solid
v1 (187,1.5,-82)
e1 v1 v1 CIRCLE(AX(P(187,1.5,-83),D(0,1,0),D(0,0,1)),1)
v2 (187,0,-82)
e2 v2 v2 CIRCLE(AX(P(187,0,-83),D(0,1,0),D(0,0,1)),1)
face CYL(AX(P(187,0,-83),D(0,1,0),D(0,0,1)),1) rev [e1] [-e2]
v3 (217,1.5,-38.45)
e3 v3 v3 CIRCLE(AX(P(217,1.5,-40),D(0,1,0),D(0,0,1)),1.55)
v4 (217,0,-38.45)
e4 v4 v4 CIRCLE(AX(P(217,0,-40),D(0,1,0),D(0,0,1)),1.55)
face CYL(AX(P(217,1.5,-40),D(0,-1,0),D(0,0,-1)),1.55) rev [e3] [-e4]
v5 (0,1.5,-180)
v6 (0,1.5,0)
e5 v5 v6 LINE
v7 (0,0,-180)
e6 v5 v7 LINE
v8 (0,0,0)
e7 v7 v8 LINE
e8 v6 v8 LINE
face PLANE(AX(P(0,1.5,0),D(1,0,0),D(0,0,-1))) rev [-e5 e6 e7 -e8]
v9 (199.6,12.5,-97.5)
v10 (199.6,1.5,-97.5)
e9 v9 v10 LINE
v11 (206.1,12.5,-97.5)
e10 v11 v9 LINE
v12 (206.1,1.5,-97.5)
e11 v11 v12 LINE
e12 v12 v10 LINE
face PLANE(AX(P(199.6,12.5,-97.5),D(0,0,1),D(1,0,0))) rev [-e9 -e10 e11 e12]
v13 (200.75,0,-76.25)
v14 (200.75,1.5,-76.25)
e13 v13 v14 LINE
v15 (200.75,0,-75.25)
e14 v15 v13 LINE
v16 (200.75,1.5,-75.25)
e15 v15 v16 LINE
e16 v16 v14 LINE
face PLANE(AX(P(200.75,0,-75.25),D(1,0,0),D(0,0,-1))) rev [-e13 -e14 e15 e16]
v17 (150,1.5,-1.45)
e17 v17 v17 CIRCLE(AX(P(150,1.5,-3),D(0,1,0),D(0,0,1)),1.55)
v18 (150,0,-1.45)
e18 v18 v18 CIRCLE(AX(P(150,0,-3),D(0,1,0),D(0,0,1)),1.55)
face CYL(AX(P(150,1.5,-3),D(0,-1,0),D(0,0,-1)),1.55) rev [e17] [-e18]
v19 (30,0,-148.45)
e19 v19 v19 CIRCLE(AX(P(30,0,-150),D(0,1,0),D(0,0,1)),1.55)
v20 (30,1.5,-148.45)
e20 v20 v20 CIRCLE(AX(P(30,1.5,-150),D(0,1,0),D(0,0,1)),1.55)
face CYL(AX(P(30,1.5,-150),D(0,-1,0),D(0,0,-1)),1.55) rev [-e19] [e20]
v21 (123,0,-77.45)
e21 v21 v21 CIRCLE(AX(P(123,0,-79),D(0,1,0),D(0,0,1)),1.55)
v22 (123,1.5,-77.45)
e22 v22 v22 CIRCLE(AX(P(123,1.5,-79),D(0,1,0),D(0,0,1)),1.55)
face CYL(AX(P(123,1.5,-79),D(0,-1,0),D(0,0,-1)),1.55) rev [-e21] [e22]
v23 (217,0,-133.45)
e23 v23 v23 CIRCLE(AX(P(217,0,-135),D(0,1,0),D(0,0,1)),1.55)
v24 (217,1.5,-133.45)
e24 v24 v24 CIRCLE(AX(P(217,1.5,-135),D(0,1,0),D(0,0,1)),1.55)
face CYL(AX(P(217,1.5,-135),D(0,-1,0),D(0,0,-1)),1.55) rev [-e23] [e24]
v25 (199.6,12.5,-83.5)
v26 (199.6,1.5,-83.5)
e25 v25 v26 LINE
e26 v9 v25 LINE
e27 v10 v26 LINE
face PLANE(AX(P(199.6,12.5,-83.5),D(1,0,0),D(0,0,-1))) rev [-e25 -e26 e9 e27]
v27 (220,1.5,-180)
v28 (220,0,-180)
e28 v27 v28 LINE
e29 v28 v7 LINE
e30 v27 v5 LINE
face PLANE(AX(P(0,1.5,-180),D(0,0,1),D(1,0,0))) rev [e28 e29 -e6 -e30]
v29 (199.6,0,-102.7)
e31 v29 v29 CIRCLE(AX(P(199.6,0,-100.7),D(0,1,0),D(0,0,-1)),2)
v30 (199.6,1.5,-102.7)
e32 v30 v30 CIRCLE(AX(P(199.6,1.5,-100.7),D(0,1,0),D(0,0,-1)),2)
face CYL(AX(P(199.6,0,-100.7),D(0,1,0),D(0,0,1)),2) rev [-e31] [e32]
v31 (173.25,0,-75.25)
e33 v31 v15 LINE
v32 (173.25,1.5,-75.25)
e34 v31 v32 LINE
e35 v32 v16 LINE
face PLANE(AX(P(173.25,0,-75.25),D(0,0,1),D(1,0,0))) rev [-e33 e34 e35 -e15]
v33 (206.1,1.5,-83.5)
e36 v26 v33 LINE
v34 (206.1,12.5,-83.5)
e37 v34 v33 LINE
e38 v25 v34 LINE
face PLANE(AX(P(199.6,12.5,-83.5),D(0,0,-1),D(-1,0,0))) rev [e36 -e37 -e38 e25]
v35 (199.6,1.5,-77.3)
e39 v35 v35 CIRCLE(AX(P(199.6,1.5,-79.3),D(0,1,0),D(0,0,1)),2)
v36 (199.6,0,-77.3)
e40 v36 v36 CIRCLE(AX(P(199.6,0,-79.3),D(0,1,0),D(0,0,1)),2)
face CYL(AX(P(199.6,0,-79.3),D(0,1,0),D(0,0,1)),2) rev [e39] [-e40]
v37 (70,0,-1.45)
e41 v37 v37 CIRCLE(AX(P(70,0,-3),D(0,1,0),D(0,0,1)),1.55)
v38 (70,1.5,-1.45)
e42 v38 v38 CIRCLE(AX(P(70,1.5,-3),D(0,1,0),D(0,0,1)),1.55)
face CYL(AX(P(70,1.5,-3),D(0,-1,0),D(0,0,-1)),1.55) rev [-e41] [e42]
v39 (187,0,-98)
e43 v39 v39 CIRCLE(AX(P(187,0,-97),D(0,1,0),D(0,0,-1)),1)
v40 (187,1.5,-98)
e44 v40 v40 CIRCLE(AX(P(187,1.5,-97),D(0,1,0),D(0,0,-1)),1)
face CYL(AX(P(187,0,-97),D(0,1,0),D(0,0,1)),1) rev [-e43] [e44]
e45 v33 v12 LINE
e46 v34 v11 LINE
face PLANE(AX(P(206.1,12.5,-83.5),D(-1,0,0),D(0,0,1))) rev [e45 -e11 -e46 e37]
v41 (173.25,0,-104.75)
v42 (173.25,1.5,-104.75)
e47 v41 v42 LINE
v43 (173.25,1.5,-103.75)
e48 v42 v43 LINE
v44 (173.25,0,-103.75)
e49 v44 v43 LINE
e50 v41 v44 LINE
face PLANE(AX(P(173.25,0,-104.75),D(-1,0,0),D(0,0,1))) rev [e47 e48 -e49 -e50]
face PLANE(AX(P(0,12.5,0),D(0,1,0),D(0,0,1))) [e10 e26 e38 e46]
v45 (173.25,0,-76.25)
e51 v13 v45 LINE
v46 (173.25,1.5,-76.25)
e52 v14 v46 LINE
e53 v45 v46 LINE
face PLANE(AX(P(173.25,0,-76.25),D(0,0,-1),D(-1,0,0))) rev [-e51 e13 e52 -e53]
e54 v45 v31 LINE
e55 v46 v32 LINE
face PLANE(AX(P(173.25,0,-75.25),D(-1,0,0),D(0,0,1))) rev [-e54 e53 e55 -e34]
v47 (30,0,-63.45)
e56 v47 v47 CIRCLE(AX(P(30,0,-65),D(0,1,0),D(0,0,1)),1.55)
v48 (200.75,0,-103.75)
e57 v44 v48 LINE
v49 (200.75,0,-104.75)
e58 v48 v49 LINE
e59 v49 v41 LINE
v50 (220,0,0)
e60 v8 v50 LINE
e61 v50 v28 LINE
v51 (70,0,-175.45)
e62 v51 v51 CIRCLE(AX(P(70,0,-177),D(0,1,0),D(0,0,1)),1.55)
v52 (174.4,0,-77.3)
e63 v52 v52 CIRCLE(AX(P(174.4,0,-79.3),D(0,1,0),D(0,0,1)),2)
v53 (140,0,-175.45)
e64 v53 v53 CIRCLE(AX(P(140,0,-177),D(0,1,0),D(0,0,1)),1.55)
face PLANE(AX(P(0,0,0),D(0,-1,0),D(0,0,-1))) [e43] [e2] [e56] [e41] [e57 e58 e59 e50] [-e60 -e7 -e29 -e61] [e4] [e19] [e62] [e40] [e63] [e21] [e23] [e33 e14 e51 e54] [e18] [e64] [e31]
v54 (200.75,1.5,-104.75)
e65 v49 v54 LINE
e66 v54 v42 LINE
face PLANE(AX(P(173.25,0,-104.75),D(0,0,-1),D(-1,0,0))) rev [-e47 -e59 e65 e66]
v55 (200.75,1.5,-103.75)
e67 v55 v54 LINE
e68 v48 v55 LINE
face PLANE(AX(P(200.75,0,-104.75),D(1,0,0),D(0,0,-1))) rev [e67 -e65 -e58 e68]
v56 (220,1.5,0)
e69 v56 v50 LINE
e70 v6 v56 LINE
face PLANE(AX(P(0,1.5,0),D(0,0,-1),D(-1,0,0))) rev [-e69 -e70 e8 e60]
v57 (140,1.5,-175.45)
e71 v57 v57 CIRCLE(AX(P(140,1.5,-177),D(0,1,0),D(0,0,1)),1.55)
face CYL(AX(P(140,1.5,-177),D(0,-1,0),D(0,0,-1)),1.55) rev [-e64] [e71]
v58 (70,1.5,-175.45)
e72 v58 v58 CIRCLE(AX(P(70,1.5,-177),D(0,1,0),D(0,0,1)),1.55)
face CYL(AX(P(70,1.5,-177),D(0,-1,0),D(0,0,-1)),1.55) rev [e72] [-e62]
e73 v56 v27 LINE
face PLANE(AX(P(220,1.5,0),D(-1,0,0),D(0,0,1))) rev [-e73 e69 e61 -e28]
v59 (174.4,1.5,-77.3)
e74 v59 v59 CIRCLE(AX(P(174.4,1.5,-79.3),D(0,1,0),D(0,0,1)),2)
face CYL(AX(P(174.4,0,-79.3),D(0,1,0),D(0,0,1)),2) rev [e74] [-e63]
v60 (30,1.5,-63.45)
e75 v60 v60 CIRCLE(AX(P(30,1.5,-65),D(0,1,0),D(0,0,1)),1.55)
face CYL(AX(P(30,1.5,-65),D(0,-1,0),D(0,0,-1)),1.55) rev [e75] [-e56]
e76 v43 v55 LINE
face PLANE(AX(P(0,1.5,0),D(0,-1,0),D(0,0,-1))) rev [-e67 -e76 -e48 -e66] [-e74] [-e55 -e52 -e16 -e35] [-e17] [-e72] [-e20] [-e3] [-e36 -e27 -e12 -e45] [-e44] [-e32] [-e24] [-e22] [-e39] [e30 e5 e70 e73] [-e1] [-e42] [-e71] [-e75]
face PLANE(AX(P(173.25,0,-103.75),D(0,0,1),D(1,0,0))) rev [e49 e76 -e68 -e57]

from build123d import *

# Parameters (mm, degrees)
SKETCH1_W           = 220
SKETCH1_H           = 180
SKETCH1_R           = 1.55
BOSS_EXTRUDE1_DEPTH = 1.5
SKETCH_1_R          = 1
SKETCH_1_R_2        = 2
SKETCH_1_W          = 27.5
SKETCH_1_H          = 1
CUT_EXTRUDE_1_DEPTH = 2.5
SKETCH3_W           = 6.5
SKETCH3_H           = 14
BOSS_EXTRUDE2_DEPTH = 11


with BuildPart() as part:
    # Sketch1 → Boss-Extrude1 (new body)
    with BuildSketch(Plane(origin=(0, 0, 0), x_dir=(1, 0, 0), z_dir=(0, 1, 0))):
        with Locations((110, 90)):
            Rectangle(SKETCH1_W, SKETCH1_H)
        with Locations((70, 177)):
            Circle(SKETCH1_R, mode=Mode.SUBTRACT)
        with Locations((140, 177)):
            Circle(SKETCH1_R, mode=Mode.SUBTRACT)
        with Locations((30, 150)):
            Circle(SKETCH1_R, mode=Mode.SUBTRACT)
        with Locations((30, 65)):
            Circle(SKETCH1_R, mode=Mode.SUBTRACT)
        with Locations((217, 40)):
            Circle(SKETCH1_R, mode=Mode.SUBTRACT)
        with Locations((217, 135)):
            Circle(SKETCH1_R, mode=Mode.SUBTRACT)
        with Locations((70, 3)):
            Circle(SKETCH1_R, mode=Mode.SUBTRACT)
        with Locations((150, 3)):
            Circle(SKETCH1_R, mode=Mode.SUBTRACT)
        with Locations((123, 79)):
            Circle(SKETCH1_R, mode=Mode.SUBTRACT)
    extrude(amount=BOSS_EXTRUDE1_DEPTH)

    # Эскиз1 → Вырез-Вытянуть1 (cut, through all)
    with BuildSketch(Plane(origin=(0, 1.5, 0), x_dir=(1, 0, 0), z_dir=(0, 1, 0))):
        with Locations((187, 83)):
            Circle(SKETCH_1_R)
        with Locations((187, 97)):
            Circle(SKETCH_1_R)
        with Locations((199.6, 79.3)):
            Circle(SKETCH_1_R_2)
        with Locations((199.6, 100.7)):
            Circle(SKETCH_1_R_2)
        with Locations((174.4, 79.3)):
            Circle(SKETCH_1_R_2)
        with Locations((187, 75.75)):
            Rectangle(SKETCH_1_W, SKETCH_1_H)
        with Locations((187, 104.25)):
            Rectangle(SKETCH_1_W, SKETCH_1_H)
    extrude(amount=-CUT_EXTRUDE_1_DEPTH, mode=Mode.SUBTRACT)

    # Sketch3 → Boss-Extrude2 (add)
    with BuildSketch(Plane(origin=(0, 1.5, 0), x_dir=(1, 0, 0), z_dir=(0, 1, 0))):
        with Locations((202.85, 90.5)):
            Rectangle(SKETCH3_W, SKETCH3_H)
    extrude(amount=BOSS_EXTRUDE2_DEPTH)


solid = part.part
